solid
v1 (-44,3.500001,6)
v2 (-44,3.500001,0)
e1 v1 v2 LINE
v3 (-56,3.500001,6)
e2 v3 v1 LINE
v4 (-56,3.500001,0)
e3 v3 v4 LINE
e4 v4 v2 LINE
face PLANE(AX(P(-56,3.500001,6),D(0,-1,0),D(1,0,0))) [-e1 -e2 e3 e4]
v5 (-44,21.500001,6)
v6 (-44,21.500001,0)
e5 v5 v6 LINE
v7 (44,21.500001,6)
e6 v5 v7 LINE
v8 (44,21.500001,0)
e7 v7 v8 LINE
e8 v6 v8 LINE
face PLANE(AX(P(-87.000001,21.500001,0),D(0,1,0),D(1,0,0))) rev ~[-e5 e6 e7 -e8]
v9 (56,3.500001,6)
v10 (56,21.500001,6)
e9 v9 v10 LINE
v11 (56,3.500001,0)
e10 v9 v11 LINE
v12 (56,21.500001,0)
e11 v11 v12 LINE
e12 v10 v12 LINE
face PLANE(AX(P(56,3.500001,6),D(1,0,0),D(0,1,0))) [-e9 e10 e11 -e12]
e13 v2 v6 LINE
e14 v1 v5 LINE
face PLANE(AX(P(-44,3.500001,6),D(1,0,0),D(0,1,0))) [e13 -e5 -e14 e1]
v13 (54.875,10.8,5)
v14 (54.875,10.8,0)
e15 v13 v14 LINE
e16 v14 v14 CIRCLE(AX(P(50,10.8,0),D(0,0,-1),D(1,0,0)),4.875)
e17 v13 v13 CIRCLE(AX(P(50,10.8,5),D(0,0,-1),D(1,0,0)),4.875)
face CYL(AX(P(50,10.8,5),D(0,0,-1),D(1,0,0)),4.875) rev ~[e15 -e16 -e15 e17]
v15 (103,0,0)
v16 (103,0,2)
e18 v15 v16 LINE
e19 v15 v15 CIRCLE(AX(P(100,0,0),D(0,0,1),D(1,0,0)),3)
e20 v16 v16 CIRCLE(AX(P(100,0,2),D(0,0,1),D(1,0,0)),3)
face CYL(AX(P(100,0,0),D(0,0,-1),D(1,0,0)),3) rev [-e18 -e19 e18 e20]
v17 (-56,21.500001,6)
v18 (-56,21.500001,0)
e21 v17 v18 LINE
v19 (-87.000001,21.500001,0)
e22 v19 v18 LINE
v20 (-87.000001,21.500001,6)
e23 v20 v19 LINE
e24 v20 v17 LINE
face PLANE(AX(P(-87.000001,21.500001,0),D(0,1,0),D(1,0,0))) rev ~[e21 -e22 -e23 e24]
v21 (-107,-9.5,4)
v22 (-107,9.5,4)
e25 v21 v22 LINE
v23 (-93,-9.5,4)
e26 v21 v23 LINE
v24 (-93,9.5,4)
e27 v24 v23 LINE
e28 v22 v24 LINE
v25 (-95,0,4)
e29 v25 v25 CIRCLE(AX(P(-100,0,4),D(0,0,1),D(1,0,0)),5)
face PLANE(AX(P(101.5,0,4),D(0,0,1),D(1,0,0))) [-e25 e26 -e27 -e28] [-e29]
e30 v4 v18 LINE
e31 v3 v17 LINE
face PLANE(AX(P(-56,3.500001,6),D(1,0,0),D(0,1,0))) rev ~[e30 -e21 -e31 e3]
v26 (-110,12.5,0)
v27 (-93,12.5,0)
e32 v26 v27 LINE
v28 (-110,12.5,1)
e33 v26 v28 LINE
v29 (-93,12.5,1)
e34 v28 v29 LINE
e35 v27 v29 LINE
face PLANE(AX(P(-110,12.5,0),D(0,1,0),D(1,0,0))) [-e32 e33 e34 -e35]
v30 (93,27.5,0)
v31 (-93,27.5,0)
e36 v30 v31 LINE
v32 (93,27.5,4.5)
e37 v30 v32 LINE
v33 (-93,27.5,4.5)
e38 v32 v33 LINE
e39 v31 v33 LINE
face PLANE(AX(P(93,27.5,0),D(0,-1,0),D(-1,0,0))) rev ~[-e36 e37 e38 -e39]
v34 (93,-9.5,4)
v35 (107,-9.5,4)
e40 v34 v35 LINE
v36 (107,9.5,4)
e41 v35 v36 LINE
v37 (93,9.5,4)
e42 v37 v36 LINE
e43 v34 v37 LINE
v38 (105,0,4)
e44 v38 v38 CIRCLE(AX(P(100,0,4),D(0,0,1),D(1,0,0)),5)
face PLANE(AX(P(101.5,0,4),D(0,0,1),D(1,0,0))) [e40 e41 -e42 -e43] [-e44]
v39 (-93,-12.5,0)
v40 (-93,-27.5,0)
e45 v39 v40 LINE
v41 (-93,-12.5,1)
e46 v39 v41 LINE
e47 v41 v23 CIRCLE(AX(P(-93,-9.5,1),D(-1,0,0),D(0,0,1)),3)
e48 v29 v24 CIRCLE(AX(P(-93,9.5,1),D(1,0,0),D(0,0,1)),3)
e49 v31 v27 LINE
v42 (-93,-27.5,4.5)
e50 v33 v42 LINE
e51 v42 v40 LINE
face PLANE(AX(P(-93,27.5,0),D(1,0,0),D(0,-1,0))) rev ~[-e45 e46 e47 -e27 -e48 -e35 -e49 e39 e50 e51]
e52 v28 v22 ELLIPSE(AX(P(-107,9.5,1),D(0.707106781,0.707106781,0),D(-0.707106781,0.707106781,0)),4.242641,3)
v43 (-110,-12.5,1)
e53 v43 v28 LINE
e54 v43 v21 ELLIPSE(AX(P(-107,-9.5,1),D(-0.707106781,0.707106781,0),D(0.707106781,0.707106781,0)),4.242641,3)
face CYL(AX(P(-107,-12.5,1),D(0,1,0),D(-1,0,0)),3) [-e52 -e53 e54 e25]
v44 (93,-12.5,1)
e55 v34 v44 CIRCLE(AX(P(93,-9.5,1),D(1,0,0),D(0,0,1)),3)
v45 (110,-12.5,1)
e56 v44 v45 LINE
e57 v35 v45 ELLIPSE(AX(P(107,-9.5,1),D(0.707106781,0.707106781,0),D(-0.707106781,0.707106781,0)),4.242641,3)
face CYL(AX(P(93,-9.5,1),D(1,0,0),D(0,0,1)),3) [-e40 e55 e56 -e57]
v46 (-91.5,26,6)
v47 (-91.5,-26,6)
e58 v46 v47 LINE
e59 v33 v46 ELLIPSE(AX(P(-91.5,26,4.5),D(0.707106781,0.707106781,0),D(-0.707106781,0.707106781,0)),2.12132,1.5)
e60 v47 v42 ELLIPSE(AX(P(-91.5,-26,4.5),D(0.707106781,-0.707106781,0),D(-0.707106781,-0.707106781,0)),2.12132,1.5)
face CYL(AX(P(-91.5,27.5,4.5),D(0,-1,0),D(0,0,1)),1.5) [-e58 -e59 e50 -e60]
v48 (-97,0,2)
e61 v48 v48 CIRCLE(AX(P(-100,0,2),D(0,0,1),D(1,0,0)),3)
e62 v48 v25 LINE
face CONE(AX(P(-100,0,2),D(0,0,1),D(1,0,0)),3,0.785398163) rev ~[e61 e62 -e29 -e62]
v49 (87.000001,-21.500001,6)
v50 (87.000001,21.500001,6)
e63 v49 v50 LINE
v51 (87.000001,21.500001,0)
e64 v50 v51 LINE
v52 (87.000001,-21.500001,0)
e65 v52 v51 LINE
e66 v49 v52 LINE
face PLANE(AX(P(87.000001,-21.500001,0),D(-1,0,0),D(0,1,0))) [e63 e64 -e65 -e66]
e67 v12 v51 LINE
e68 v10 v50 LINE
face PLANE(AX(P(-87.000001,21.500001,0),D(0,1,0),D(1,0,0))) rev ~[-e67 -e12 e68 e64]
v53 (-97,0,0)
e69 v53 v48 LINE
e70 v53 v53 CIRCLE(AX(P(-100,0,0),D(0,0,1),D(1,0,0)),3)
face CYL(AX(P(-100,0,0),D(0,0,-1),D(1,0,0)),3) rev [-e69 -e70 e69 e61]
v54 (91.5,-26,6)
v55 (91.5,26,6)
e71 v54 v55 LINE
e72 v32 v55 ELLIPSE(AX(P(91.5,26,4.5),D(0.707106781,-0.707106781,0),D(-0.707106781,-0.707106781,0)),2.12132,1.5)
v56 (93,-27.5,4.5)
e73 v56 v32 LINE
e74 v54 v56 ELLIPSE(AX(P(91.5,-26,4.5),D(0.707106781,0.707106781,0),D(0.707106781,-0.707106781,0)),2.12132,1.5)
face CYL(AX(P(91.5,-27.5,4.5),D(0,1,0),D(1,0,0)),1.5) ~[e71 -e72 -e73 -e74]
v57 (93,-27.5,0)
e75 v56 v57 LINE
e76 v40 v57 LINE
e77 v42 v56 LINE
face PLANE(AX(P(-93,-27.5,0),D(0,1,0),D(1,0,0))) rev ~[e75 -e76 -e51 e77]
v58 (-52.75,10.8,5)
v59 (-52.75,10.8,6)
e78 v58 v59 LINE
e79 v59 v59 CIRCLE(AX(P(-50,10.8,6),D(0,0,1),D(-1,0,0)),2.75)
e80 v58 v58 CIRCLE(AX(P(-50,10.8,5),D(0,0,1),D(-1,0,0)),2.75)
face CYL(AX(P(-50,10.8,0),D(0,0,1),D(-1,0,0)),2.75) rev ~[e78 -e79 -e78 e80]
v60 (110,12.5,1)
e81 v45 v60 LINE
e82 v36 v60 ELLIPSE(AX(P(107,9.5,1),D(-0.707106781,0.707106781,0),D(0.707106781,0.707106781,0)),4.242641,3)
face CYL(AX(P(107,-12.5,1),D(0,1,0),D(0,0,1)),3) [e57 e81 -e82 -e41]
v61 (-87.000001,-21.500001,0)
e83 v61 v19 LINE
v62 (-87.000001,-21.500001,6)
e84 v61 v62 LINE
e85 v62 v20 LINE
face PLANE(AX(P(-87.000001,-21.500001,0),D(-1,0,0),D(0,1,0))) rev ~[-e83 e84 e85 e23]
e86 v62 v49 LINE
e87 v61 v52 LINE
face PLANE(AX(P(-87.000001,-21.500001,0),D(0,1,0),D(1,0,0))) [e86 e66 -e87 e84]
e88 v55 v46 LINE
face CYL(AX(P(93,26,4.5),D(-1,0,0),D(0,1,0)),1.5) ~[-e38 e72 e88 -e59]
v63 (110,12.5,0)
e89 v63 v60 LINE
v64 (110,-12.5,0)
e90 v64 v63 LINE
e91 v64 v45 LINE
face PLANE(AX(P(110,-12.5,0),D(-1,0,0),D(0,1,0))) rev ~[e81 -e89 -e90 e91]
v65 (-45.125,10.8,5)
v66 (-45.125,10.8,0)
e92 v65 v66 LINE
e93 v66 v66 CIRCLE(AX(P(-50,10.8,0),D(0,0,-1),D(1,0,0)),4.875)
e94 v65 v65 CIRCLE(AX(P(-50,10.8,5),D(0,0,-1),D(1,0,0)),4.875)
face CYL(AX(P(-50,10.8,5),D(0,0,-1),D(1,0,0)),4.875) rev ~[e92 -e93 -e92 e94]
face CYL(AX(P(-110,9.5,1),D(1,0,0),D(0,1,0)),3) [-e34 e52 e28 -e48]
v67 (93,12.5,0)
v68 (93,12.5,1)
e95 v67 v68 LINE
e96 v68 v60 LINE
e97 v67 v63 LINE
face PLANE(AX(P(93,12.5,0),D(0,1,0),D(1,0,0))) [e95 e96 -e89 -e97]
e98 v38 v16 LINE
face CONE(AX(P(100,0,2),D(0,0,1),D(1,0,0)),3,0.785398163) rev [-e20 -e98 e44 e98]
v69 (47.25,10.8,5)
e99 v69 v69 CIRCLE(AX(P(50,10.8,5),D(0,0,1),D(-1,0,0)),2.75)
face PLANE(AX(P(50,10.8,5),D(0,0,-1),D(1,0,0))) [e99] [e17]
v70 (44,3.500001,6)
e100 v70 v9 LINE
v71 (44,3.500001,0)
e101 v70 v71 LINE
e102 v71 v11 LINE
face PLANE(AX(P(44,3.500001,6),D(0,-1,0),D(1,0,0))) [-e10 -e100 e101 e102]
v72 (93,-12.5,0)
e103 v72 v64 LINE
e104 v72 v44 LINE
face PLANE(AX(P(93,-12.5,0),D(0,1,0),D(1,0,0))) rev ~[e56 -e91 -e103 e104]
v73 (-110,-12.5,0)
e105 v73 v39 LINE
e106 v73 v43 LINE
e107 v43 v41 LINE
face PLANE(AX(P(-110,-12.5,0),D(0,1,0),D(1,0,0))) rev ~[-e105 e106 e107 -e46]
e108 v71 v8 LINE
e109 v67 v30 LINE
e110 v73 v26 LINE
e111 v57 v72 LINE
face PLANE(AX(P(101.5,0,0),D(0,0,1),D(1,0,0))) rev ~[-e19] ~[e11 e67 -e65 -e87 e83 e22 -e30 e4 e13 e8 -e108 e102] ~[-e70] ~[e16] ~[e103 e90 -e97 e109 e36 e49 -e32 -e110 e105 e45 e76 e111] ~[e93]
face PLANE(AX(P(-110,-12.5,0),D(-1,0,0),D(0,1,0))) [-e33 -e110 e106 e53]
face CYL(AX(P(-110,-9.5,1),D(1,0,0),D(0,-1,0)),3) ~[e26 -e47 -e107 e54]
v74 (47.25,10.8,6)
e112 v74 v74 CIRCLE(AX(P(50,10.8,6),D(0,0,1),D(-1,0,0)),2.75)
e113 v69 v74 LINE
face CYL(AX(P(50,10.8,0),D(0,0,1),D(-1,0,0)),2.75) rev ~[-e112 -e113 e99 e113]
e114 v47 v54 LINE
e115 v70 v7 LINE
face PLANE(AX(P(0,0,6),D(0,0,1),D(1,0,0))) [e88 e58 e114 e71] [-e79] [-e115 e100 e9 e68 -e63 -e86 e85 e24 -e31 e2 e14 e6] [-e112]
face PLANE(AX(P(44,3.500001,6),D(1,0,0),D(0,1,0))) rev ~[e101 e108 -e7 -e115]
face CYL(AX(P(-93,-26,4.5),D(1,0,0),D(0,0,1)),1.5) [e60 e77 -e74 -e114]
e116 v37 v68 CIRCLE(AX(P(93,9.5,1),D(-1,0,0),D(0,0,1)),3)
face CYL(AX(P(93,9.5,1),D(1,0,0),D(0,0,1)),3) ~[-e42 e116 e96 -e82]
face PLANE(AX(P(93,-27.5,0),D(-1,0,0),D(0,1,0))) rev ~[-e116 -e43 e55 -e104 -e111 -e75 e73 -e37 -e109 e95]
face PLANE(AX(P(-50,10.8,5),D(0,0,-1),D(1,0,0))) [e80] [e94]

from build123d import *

# Parameters (mm, degrees)
F0_W           = 174.0000014603
F0_H           = 43.0000014603
F1_DEPTH       = 6
F0_W_2         = 17
F0_H_2         = 25
F0_R           = 3
F2_DEPTH       = 4
F3_W           = 12
F3_H           = 18
F4_DEPTH       = 6
F5_D           = 5.5
F5_CBORE_D     = 9.75
F5_CBORE_DEPTH = 5
F6_SIZE        = 2
F7_R           = 3
F8_R           = 1.5


with BuildPart() as f1:
    # F0 (on Top) → F1 (new body)
    with BuildSketch(Plane.XY):
        Polygon((93, -12.5), (93, 12.5), (93, 27.5), (-93, 27.5), (-93, 12.5), (-93, -12.5), (-93, -27.5), (93, -27.5), align=None)
        Rectangle(F0_W, F0_H, mode=Mode.SUBTRACT)
    extrude(amount=F1_DEPTH)

    # F0 (on Top) → F2 (join)
    with BuildSketch(Plane.XY):
        with Locations((101.5, 0)):
            Rectangle(F0_W_2, F0_H_2)
        with Locations((100, 0)):
            Circle(F0_R, mode=Mode.SUBTRACT)
        Polygon((93, -12.5), (93, 12.5), (93, 27.5), (-93, 27.5), (-93, 12.5), (-93, -12.5), (-93, -27.5), (93, -27.5), align=None)
        Rectangle(F0_W, F0_H, mode=Mode.SUBTRACT)
        with Locations((-101.5, 0)):
            Rectangle(F0_W_2, F0_H_2)
        with Locations((-100, 0)):
            Circle(F0_R, mode=Mode.SUBTRACT)
    extrude(amount=F2_DEPTH)

    # F3 (on face) → F4 (join)
    with BuildSketch(Plane.XY.offset(6)):
        with Locations((-50, 12.5000007302)):
            Rectangle(F3_W, F3_H)
        with Locations((50, 12.5000007302)):
            Rectangle(F3_W, F3_H)
    extrude(amount=-F4_DEPTH)

    # F5 (through all)
    with Locations(Plane(origin=(0, 0, 0), x_dir=(1, 0, 0), z_dir=(0, 0, -1))):
        with Locations((-50, -10.8), (50, -10.8)):
            CounterBoreHole(F5_D / 2, F5_CBORE_D / 2, F5_CBORE_DEPTH)

    # F6
    f6_edges = [f1.edges().sort_by_distance(p)[0] for p in [
        (97, 0, 4),
        (-103, 0, 4),
    ]]
    chamfer(f6_edges, length=F6_SIZE)

    # F7
    f7_edges = [f1.edges().sort_by_distance(p)[0] for p in [
        (-110, 0, 4),
        (-101.5, 12.5, 4),
        (-101.5, -12.5, 4),
        (101.5, 12.5, 4),
        (110, 0, 4),
        (101.5, -12.5, 4),
    ]]
    fillet(f7_edges, radius=F7_R)

    # F8
    f8_edges = [f1.edges().sort_by_distance(p)[0] for p in [
        (0, 27.5, 6),
        (-93, 0, 6),
        (0, -27.5, 6),
        (93, 0, 6),
    ]]
    fillet(f8_edges, radius=F8_R)


solid = f1.part
